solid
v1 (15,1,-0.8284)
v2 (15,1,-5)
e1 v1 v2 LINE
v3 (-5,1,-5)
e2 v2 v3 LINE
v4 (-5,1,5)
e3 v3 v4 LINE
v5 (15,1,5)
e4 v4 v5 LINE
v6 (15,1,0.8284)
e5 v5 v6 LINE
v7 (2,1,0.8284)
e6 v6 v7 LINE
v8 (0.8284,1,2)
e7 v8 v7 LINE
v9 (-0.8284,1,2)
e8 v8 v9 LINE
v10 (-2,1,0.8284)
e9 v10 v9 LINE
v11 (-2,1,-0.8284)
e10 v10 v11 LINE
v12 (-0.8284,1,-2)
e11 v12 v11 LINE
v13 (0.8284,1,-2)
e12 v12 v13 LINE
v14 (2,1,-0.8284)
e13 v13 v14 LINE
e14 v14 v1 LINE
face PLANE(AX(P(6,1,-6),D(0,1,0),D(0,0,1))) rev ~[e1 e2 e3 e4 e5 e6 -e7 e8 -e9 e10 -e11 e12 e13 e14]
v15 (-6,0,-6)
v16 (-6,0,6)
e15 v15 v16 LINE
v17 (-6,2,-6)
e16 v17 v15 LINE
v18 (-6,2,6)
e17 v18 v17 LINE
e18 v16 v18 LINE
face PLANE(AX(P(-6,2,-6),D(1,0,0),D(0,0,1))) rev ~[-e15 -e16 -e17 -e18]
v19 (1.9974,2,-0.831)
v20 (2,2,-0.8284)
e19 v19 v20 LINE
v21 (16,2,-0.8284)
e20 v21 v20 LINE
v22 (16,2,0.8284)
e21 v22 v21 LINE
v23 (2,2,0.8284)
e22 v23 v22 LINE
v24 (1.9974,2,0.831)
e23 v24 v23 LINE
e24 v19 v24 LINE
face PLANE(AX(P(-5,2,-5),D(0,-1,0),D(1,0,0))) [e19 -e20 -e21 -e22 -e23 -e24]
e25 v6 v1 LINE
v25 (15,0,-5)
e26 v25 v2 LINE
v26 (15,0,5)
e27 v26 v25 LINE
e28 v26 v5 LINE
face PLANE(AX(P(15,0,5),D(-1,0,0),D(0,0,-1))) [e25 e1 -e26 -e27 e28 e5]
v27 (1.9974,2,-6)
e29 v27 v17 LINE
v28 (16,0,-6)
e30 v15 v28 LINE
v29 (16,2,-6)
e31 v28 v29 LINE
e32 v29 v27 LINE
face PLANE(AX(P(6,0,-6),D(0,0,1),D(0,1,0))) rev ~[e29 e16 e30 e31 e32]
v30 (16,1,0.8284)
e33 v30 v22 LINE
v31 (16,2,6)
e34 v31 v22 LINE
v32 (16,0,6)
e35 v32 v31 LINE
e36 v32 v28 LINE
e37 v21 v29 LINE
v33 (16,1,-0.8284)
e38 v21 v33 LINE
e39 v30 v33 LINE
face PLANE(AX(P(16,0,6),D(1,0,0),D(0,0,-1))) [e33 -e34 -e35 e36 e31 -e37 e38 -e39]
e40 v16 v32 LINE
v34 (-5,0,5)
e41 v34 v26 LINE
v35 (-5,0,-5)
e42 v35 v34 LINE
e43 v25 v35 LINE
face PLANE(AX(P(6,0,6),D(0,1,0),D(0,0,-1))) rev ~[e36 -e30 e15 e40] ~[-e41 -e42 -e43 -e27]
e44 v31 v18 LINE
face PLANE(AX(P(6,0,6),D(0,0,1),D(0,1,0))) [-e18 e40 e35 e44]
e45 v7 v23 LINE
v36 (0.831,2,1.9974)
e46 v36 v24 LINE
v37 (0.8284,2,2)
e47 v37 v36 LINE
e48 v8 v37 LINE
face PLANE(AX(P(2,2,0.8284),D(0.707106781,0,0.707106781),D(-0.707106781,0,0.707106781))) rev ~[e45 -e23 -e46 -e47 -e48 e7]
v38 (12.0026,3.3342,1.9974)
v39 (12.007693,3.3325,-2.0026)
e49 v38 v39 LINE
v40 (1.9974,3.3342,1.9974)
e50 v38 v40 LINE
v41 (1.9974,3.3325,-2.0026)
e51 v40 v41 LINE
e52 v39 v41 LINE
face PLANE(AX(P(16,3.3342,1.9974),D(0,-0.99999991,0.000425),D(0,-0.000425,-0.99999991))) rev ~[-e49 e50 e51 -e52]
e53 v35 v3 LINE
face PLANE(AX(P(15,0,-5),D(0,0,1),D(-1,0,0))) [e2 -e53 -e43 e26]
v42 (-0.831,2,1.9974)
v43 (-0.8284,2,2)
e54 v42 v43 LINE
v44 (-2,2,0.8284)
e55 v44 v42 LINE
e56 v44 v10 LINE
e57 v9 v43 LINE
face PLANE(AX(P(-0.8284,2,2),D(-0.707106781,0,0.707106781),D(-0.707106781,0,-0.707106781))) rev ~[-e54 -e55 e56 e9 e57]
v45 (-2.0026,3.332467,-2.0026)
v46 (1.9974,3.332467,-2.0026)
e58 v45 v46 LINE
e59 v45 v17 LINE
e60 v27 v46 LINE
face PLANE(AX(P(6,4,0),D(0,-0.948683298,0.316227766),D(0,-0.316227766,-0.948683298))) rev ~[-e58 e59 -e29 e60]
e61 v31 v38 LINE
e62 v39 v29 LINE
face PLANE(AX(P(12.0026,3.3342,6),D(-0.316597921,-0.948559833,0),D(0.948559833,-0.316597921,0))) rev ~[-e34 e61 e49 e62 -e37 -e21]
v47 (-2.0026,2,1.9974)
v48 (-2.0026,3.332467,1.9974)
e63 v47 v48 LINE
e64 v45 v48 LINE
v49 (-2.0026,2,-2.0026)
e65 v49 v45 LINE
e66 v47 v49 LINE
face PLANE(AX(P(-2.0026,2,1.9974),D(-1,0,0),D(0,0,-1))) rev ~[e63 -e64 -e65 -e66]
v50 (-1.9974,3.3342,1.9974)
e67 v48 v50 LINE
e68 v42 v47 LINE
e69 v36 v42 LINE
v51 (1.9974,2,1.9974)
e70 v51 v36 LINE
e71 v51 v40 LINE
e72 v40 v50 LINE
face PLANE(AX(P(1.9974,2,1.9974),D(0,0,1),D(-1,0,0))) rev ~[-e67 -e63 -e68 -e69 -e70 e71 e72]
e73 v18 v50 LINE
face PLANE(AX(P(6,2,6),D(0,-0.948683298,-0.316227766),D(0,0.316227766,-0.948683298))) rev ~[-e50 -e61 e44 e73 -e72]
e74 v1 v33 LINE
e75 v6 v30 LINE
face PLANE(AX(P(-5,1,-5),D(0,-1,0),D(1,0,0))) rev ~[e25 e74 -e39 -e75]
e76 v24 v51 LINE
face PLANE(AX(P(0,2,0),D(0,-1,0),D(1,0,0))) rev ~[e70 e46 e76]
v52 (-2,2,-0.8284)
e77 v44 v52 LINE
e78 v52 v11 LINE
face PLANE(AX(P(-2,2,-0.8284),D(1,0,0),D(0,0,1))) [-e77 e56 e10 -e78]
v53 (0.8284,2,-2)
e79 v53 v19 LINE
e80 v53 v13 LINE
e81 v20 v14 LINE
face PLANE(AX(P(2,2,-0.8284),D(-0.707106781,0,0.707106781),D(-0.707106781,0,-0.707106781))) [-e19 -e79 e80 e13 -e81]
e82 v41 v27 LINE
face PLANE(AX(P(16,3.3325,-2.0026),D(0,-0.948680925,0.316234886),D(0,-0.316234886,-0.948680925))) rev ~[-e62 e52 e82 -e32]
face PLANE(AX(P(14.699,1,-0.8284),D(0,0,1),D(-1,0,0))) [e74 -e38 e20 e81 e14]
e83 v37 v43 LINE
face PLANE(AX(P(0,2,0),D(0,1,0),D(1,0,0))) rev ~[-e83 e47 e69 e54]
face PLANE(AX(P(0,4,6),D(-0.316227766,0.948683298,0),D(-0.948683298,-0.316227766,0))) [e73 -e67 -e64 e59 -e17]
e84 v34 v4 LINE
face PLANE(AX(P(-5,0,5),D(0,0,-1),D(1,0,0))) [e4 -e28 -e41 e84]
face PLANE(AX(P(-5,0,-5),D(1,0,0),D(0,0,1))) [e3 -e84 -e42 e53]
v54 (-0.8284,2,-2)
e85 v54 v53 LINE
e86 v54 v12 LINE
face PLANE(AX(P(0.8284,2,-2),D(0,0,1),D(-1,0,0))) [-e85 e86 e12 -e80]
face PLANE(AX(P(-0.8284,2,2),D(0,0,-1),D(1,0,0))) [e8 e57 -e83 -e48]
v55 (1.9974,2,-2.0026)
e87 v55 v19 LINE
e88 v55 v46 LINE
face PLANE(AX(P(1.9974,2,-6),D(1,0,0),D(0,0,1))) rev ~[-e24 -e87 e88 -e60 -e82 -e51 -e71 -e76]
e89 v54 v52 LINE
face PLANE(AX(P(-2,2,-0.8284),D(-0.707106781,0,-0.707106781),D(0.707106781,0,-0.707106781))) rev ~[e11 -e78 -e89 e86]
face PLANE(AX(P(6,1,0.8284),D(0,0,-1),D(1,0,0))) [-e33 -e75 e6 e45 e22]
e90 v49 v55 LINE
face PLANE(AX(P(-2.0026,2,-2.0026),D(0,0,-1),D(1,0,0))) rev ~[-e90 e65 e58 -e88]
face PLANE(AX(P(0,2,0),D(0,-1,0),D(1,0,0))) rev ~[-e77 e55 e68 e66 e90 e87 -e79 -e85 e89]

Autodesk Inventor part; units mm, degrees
ref_plane "YZ Plane" through (0, 0, 0) normal (1, 0, 0) x (0, 1, 0)
ref_plane "XZ Plane" through (0, 0, 0) normal (0, 1, 0) x (-1, 0, 0)
ref_plane "XY Plane" through (0, 0, 0) normal (0, 0, 1) x (1, 0, 0)
sketch "Sketch1" plane through (0, 0, 0) normal (0, 1, 0) x (-1, 0, 0)
  line L0 (5, 5) -> (-5, 5)
  line L1 (-5, 5) -> (-5, -5)
  line L2 (-5, -5) -> (5, -5)
  line L3 (5, -5) -> (5, 5)
  line L4 (6, 6) -> (-6, 6)
  line L5 (-6, 6) -> (-6, -6)
  line L6 (-6, -6) -> (6, -6)
  line L7 (6, -6) -> (6, 6)
  point P0 (0, 0)
  dimension "d0" = 10
  dimension "d1" = 10
  dimension "d2" = 5
  dimension "d3" = 5
  dimension "d4" = 12
  dimension "d5" = 12
  dimension "d6" = 1
  dimension "d7" = 1
extrude "Extrusion1" add sketch "Sketch1" along normal blind 2
sketch "Sketch2" plane through (6, 0, 6) normal (1, 0, 0) x (0, 0, -1)
  line L0 (0, 0) -> (0, 2) projected
  line L1 (12, 0) -> (12, 2) projected
  line L2 (0, 2) -> (12, 2)
  line L3 (12, 2) -> (12, 1)
  line L4 (12, 1) -> (0, 1)
  line L5 (0, 1) -> (0, 2)
  point P0 (6, 0)
extrude "Extrusion2" add sketch "Sketch2" against normal blind 11.5
sketch "Sketch3" plane through (0, 2, 0) normal (0, 1, 0) x (1, 0, 0)
  line L0 (-2, -2) -> (2, -2)
  line L1 (2, -2) -> (2, 2)
  line L2 (2, 2) -> (-2, 2)
  line L3 (-2, 2) -> (-2, -2)
  circle A0 centre (0, 0) radius 2.8284
  line L4 (0, -2.8284) -> (-2.8284, 0)
  line L5 (-2.8284, 0) -> (0, 2.8284)
  line L6 (2.8284, 0) -> (0, 2.8284)
  line L7 (2.8284, 0) -> (0, -2.8284)
  point P0 (0.8284, -2)
  point P1 (2, -0.8284)
  point P2 (2, 0.8284)
  point P3 (0.8284, 2)
  point P4 (-0.8284, 2)
  point P5 (-2, 0.8284)
  point P6 (-2, -0.8284)
  point P7 (-0.8284, -2)
  dimension "d13" = 4
  dimension "d14" = 4
  dimension "d15" = 2
  dimension "d16" = 2
extrude "Extrusion3" cut sketch "Sketch3" along normal blind 23.25 and the other way blind 11.625 contours L4 L3 L5 L2 L6 L1 L7 L0
sketch "Sketch4" plane through (0, 2, 0) normal (0, 1, 0) x (1, 0, 0)
  line L0 (2, -0.8284) -> (2, 0.8284) projected
  line L1 (2, -0.8284) -> (2.8765, -0.8284)
  line L2 (2.8765, -0.8284) -> (2.8765, 0.8284)
  line L3 (2.8765, 0.8284) -> (2, 0.8284)
  line L4 (2, 0.8284) -> (2, -0.8284)
  line L5 (2.8765, -0.8284) -> (7.5124, -0.8284)
  line L6 (7.5124, -0.8284) -> (7.5124, 0.8284)
  line L7 (7.5124, 0.8284) -> (2.8765, 0.8284)
  line L8 (2.8765, 0.8284) -> (2.8765, -0.8284)
  point P0 (0, 0)
  point P1 (2.8765, 0.8284)
  point P2 (2, 0.8284)
extrude "Extrusion4" cut sketch "Sketch4" against normal blind 1
sketch "Sketch5" plane through (0, 2, 0) normal (0, 1, 0) x (1, 0, 0)
  line L0 (-6, -6) -> (6, -6) projected
  line L1 (6, 0.8284) -> (6, 6) projected
  line L2 (-6, -6) -> (6, -6)
  line L3 (6, -6) -> (6, 6)
  line L4 (6, 6) -> (-6, 6)
  line L5 (-6, 6) -> (-6, -6)
  point P0 (0, 0)
  point P1 (6, -6)
extrude "Extrusion5" add sketch "Sketch5" along normal blind 25
sketch "Sketch6" plane through (6, 0, 6) normal (1, 0, 0) x (0, 0, -1)
  line L0 (5.1716, 1) -> (5.1716, 2) projected
  line L1 (5.1716, 2) -> (-3.596, 2)
  line L2 (0, 0) -> (0, 27) projected
  line L3 (4, 2) -> (5.1716, 2) projected
  line L4 (5.1716, 2) -> (16.1787, 2)
  line L5 (5.1716, 2) -> (6.8284, 2) projected
  line L6 (6, 2) -> (6, 6)
  line L7 (0, 2) -> (6, 4)
  line L8 (6, 4) -> (12, 2)
  line L9 (12, 0) -> (12, 27) projected
  line L10 (12, 2) -> (-2.4689, 2)
  line L11 (-2.4689, 2) -> (-2.4689, 28.669)
  line L12 (-2.4689, 28.669) -> (12, 28.669)
  line L13 (12, 28.669) -> (12, 2)
  point P0 (6, 0)
  dimension "d23" = 4
extrude "Extrusion6" cut sketch "Sketch6" against normal blind 23.25 contours L1 L11 L12 L13 L9 L8 L7
sketch "Sketch7" plane through (-6, 0, 6) normal (0, 0, 1) x (1, 0, 0)
  line L0 (6, 0) -> (6, 4)
  line L1 (12, 4) -> (0, 4) projected
  line L2 (0, 2) -> (12, 2) projected
  line L3 (12, 2) -> (6, 4)
  line L4 (0, 4) -> (0, 2) projected
  line L5 (6, 4) -> (0, 2)
  line L6 (0, 2) -> (13.6732, 2)
  line L7 (13.6732, 2) -> (13.6732, 4.9606)
  line L8 (13.6732, 4.9606) -> (0, 4.9606)
  line L9 (0, 4.9606) -> (0, 2)
extrude "Extrusion7" cut sketch "Sketch7" against normal blind 41.75 contours L5 L4 L1 | L1 L9 L8 L7 L6 L3
sketch "Sketch8" plane through (0, 2, 0) normal (0, -1, 0) x (1, 0, 0)
  line L0 (6, 6) -> (0, 0) projected
  line L1 (1.9974, 1.9974) -> (-2.0026, 1.9974)
  line L2 (-2.0026, 1.9974) -> (-2.0026, -2.0026)
  line L3 (-2.0026, -2.0026) -> (1.9974, -2.0026)
  line L4 (1.9974, -2.0026) -> (1.9974, 1.9974)
  dimension "d30" = 4
  dimension "d31" = 4
extrude "Extrusion8" cut sketch "Sketch8" against normal blind 105
sketch "Sketch9" plane through (6, 0, 6) normal (1, 0, 0) x (0, 0, -1)
  line L0 (0, 0) -> (0, 2) projected
  line L1 (12, 0) -> (12, 2) projected
  line L2 (0, 0) -> (12, 0)
  line L3 (12, 0) -> (12, 2)
  line L4 (12, 2) -> (0, 2)
  line L5 (0, 2) -> (0, 0)
  point P0 (6, 0)
extrude "Extrusion9" add sketch "Sketch9" along normal blind 10
sketch "Sketch10" plane through (0, 0, 0) normal (0, -1, 0) x (1, 0, 0)
  line L0 (5, -5) -> (5, 5) projected
  line L1 (5, 5) -> (15, 5)
  line L2 (15, 5) -> (15, -5)
  line L3 (15, -5) -> (5, -5)
  line L4 (5, -5) -> (5, 5)
  point P0 (0, 0)
  dimension "d36" = 10
extrude "Extrusion10" cut sketch "Sketch10" against normal up to surface (1 mm away)
sketch "Sketch11" plane through (6, 2, 6) normal (0, 1, 0) x (1, 0, 0)
  line L0 (10, 0) -> (10, 12) projected
  line L1 (0, 0) -> (-4.0026, 4.0026) projected
  line L2 (10, 12) -> (-4.0026, 12)
  line L3 (-4.0026, 12) -> (-4.0026, 4.0026)
  line L4 (-4.0026, 4.0026) -> (10, 4.0026)
  line L5 (10, 4.0026) -> (10, 12)
  line L6 (-12, 0) -> (10, 0) projected
  line L7 (-4.0026, 4.0026) -> (10, 4.0026)
  line L8 (10, 4.0026) -> (10, 0)
  line L9 (10, 0) -> (-4.0026, 0)
  line L10 (-4.0026, 0) -> (-4.0026, 4.0026)
  point P0 (-6, 6)
extrude "Extrusion11" add sketch "Sketch11" along normal blind 1.5 contours L6 L1 L4 L0 | L4 L3 L2 L0
sketch "Sketch12" plane through (16, 0, 6) normal (1, 0, 0) x (0, 0, -1)
  line L0 (0, 2) -> (12, 2) projected
  line L1 (4.0026, 3.3342) -> (0, 2) projected
  line L2 (4.0026, 2) -> (4.0026, 3.3342) projected
  line L3 (0, 2) -> (4.0026, 3.3342)
  line L4 (4.0026, 3.3325) -> (8.0026, 3.3325) projected
  line L5 (4.0026, 3.3342) -> (8.0026, 3.3325)
  line L6 (12, 0) -> (12, 2) projected
  line L7 (8.0026, 3.3325) -> (12, 2)
  line L8 (0, 2) -> (-1.9464, 6.2775)
  line L9 (-1.9464, 6.2775) -> (14.9869, 5.8247)
  line L10 (14.9869, 5.8247) -> (12, 2)
  point P0 (6, 0)
extrude "Extrusion12" cut sketch "Sketch12" against normal blind 26 contours L8 L9 L10 L7 L4 L1
sketch "Sketch13" plane through (-6, 0, 6) normal (0, 0, 1) x (1, 0, 0)
  line L0 (3.9974, 2) -> (3.9974, 3.3325) projected
  line L1 (4.0026, 3.3342) -> (0, 2) projected
  line L2 (3.9974, 3.3325) -> (0, 3.3325)
  line L3 (0, 3.3325) -> (0, 2)
  line L4 (0, 2) -> (3.9974, 2)
  line L5 (3.9974, 2) -> (3.9974, 3.3325)
  line L6 (22, 2) -> (0, 2) projected
  line L7 (22, 3.3342) -> (4.0026, 3.3342) projected
  line L8 (22, 2) -> (18.0026, 2)
  line L9 (18.0026, 2) -> (18.0026, 3.3342)
  line L10 (18.0026, 3.3342) -> (22, 3.3342)
  line L11 (22, 3.3342) -> (22, 2)
  line L12 (18.0026, 3.3342) -> (22, 2)
  point P0 (6, 0)
  dimension "d43" = 3.9974
  dimension "d44" = 3.9974
extrude "Extrusion13" cut sketch "Sketch13" against normal blind 17.75 contours L12 L7 L11
sketch "Sketch14" plane through (-5, 1, -5) normal (0, -1, 0) x (1, 0, 0)
  line L0 (11, 5.8284) -> (11, 4.1716) projected
  line L1 (11, 5.8284) -> (19.699, 5.8284)
  line L2 (19.699, 5.8284) -> (19.699, 4.1716)
  line L3 (19.699, 4.1716) -> (11, 4.1716)
  line L4 (11, 4.1716) -> (11, 5.8284)
  line L5 (19.699, 4.1716) -> (21.7329, 4.1716)
  line L6 (21.7329, 4.1716) -> (21.7329, 5.8284)
  line L7 (21.7329, 5.8284) -> (19.699, 5.8284)
  line L8 (19.699, 5.8284) -> (19.699, 4.1716)
  point P0 (5, 5)
extrude "Extrusion14" cut sketch "Sketch14" against normal up to surface (1 mm away)
sketch "Sketch15" plane through (0, 0, 0) normal (0, -1, 0) x (1, 0, 0)
  point P0 (0, 0)
equation "\"d2\" = 0.5 * d0"
equation "\"d3\" = 0.5 * d1"
equation "\"d15\" = 0.5 * d13"
equation "\"d16\" = 0.5 * d14"
equation "\"d44\" = d43"
equation "\"BendRadius\" = Thickness"
equation "\"BendReliefWidth\" = Thickness"
equation "\"BendReliefDepth\" = 0.5 * Thickness"
equation "\"CornerReliefSize\" = 4 * Thickness"
equation "\"MinimumRemnant\" = 2 * Thickness"
equation "\"TransitionRadius\" = BendRadius"
equation "\"JacobiRadiusSize\" = BendRadius"
equation "\"GapSize\" = Thickness"
equation "\"Thickness\" = 0.5"
properties part number "modelGatePoklice1"
